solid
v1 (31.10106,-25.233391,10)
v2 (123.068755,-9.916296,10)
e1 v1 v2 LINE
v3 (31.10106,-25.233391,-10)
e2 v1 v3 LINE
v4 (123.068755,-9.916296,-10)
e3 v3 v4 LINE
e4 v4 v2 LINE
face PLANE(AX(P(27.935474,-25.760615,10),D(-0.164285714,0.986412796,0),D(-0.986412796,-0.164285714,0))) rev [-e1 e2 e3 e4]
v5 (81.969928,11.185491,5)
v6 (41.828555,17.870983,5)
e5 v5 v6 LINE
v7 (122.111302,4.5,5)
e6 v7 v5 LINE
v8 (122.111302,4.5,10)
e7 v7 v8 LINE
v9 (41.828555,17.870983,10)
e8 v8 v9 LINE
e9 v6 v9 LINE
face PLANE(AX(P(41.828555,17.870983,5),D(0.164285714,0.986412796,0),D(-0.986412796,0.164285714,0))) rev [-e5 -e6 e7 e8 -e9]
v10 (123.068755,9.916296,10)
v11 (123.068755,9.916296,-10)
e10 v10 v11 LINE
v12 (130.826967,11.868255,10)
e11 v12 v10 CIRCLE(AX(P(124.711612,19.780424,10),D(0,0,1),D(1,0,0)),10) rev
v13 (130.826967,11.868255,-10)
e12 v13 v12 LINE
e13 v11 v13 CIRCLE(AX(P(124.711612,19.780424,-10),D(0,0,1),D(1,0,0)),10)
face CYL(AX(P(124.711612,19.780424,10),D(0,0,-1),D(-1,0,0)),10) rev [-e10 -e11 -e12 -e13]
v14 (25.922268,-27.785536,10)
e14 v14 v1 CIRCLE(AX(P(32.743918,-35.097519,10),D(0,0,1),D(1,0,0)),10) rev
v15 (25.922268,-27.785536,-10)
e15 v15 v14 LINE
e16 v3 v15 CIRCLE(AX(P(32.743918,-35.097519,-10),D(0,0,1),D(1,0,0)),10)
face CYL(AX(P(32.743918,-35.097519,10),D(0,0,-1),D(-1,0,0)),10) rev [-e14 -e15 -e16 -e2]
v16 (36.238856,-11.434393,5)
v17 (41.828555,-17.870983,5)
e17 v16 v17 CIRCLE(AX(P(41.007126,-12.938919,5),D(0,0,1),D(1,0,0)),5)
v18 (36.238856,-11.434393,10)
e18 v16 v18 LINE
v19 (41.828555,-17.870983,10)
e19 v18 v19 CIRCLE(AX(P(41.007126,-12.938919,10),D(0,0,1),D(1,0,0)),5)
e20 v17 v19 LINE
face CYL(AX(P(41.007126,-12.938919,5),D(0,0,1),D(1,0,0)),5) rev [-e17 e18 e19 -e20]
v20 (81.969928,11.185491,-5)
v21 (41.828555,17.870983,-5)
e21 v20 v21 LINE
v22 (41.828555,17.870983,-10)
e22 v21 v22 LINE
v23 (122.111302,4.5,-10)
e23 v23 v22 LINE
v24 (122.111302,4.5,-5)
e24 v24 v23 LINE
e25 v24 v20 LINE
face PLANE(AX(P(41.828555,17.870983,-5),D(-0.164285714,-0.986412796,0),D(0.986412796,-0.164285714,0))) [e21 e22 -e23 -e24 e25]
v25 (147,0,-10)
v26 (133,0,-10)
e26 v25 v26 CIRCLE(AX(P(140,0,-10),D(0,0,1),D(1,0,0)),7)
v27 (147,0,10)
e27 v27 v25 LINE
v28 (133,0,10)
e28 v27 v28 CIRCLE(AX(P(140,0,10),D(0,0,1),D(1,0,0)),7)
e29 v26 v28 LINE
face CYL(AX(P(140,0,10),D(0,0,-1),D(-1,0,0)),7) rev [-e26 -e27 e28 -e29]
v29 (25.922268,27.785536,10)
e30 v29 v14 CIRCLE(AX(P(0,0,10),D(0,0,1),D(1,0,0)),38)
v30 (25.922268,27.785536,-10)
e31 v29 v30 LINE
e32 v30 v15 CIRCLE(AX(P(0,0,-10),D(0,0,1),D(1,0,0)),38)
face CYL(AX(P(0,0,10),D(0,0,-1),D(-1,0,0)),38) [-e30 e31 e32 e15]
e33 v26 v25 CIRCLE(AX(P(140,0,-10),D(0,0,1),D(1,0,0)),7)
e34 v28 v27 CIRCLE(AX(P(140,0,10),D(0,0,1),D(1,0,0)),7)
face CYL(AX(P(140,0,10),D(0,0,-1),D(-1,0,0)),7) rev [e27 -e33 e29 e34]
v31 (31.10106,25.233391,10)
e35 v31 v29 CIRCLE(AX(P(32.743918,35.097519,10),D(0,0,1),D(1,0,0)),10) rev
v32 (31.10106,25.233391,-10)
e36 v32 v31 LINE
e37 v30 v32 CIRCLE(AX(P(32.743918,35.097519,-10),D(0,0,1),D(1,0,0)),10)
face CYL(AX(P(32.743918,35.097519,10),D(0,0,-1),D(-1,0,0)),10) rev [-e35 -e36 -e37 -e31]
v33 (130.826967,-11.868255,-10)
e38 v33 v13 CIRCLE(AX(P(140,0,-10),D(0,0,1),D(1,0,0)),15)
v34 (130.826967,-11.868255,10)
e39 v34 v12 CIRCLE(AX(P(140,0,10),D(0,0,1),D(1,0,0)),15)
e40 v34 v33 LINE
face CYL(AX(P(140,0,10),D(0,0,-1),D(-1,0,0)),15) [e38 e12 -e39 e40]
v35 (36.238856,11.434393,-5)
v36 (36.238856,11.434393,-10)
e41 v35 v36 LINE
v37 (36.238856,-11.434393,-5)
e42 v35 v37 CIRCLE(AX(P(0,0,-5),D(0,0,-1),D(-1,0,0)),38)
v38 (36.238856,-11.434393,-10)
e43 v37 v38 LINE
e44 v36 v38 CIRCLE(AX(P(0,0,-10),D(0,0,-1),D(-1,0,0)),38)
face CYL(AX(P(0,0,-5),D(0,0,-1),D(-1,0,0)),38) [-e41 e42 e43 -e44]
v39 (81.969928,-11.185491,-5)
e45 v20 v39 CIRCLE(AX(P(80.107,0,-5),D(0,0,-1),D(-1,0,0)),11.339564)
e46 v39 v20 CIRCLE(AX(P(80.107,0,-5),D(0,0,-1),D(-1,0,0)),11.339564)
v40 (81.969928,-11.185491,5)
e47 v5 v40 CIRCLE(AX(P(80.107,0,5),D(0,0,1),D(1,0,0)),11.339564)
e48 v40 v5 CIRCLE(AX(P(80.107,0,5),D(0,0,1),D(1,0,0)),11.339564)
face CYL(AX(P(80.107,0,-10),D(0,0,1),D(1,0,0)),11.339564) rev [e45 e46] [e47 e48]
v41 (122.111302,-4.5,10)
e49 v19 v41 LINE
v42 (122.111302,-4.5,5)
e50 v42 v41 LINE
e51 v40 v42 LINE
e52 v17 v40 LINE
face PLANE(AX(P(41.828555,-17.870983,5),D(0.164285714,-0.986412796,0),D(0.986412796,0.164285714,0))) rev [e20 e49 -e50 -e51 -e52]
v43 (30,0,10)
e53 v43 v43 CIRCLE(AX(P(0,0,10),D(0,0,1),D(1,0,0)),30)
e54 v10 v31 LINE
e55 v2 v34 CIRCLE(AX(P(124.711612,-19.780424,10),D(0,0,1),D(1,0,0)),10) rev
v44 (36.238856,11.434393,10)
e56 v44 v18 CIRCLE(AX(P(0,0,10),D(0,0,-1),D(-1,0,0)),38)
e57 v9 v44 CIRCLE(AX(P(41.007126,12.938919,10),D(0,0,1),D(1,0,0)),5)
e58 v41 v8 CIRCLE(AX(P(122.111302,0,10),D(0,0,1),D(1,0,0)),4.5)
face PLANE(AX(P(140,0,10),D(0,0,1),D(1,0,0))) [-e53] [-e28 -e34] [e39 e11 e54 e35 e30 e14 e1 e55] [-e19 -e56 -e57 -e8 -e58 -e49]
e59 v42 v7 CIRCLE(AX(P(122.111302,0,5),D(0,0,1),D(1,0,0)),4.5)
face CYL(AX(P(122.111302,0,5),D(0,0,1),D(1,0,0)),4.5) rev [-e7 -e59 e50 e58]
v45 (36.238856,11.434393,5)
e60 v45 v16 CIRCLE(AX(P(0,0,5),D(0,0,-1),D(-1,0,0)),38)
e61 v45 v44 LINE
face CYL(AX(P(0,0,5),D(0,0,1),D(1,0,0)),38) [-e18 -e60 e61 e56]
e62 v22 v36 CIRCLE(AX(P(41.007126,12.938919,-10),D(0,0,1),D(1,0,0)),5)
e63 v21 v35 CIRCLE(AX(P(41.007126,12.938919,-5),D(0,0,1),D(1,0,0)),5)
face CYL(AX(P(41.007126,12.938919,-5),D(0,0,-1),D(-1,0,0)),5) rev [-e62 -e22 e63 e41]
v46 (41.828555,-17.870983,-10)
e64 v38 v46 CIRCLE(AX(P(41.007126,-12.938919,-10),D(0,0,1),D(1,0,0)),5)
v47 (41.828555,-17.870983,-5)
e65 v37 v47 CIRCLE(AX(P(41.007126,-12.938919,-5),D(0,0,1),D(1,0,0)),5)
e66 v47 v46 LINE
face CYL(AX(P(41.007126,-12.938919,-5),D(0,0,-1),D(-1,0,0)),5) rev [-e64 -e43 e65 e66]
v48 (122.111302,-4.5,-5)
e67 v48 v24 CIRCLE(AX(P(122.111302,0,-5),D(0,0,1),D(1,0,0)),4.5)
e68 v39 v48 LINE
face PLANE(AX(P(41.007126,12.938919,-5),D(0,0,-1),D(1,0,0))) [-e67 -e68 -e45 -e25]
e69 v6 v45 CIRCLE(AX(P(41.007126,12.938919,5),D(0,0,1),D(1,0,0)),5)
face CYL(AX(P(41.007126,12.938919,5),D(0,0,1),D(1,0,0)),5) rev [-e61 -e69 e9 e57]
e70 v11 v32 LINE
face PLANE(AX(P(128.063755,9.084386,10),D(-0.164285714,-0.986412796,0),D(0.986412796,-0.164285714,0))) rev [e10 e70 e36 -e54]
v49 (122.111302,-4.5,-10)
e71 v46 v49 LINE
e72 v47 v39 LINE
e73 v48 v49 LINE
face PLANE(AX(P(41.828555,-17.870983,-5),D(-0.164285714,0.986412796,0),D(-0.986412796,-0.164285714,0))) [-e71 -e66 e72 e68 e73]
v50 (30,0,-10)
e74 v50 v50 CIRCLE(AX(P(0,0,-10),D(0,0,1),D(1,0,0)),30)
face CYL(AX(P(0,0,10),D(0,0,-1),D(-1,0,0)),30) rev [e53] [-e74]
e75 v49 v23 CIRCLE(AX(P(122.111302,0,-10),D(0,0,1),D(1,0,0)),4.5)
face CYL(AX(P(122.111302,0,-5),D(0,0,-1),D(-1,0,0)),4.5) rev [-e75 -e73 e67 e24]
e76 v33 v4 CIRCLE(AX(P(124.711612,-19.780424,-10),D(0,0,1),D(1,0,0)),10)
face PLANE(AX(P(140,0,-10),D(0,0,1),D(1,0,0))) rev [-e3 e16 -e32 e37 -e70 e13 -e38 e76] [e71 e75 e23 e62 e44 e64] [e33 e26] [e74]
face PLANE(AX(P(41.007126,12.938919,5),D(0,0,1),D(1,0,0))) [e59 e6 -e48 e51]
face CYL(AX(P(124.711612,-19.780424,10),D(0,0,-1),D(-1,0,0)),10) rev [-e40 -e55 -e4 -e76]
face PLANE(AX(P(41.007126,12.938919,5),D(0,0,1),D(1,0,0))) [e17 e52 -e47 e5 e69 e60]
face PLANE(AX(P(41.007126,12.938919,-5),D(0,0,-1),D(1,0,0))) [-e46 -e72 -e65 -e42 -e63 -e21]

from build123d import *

# Parameters (mm, degrees)
SKETCH1_R           = 30
SKETCH1_R_2         = 7
BOSS_EXTRUDE1_DEPTH = 10
FILLET1_R           = 10
FILLET3_R           = 10
CUT_EXTRUDE1_DEPTH  = 5
CUT_EXTRUDE3_START  = 10
SKETCH12_R          = 11.339564337
CUT_EXTRUDE3_DEPTH  = 21


with BuildPart() as part:
    # Sketch1 → Boss-Extrude1 (new body, symmetric)
    with BuildSketch(Plane.XY):
        with BuildLine():
            Line((128.063755469, 9.084385863), (27.935473676, 25.760615491))
            ThreePointArc((27.935473676, 25.760615491), (-38, 0), (27.935473676, -25.760615491))
            Line((27.935473676, -25.760615491), (128.063755469, -9.084385863))
            ThreePointArc((128.063755469, -9.084385863), (155, 0), (128.063755469, 9.084385863))
        make_face()
        Circle(SKETCH1_R, mode=Mode.SUBTRACT)
        with Locations((140, 0)):
            Circle(SKETCH1_R_2, mode=Mode.SUBTRACT)
    extrude(amount=BOSS_EXTRUDE1_DEPTH, both=True)

    # Fillet1
    fillet1_edges = [part.edges().sort_by_distance(p)[0] for p in [
        (27.935473676, -25.760615491, 0),
        (27.935473676, 25.760615491, 0),
    ]]
    fillet(fillet1_edges, radius=FILLET1_R)

    # Fillet3
    fillet3_edges = [part.edges().sort_by_distance(p)[0] for p in [
        (128.063755469, -9.084385863, 0),
        (128.063755469, 9.084385863, 0),
    ]]
    fillet(fillet3_edges, radius=FILLET3_R)

    # Sketch2 → Cut-Extrude1 (cut)
    with BuildSketch(Plane.XY.offset(10)):
        with BuildLine():
            Line((41.828554558, 17.870982725), (122.111301675, 4.5))
            ThreePointArc((122.111301675, 4.5), (126.611301675, 0), (122.111301675, -4.5))
            Line((122.111301675, -4.5), (41.828554558, -17.870982725))
            ThreePointArc((41.828554558, -17.870982725), (37.231968897, -16.217361812), (36.238855523, -11.43439331))
            ThreePointArc((36.238855523, -11.43439331), (38, 0), (36.238855523, 11.43439331))
            ThreePointArc((36.238855523, 11.43439331), (37.231968897, 16.217361812), (41.828554558, 17.870982725))
        make_face()
    cut_extrude1 = extrude(amount=-CUT_EXTRUDE1_DEPTH, mode=Mode.SUBTRACT)

    # Mirror1: Cut-Extrude1 across plane
    add(cut_extrude1.mirror(Plane.XY), mode=Mode.SUBTRACT)

    # Sketch12 → Cut-Extrude3 (cut, through all)
    with BuildSketch(Plane.XY.offset(CUT_EXTRUDE3_START)):
        with Locations((80.10699969, 0)):
            Circle(SKETCH12_R)
    extrude(amount=-CUT_EXTRUDE3_DEPTH, mode=Mode.SUBTRACT)


solid = part.part
